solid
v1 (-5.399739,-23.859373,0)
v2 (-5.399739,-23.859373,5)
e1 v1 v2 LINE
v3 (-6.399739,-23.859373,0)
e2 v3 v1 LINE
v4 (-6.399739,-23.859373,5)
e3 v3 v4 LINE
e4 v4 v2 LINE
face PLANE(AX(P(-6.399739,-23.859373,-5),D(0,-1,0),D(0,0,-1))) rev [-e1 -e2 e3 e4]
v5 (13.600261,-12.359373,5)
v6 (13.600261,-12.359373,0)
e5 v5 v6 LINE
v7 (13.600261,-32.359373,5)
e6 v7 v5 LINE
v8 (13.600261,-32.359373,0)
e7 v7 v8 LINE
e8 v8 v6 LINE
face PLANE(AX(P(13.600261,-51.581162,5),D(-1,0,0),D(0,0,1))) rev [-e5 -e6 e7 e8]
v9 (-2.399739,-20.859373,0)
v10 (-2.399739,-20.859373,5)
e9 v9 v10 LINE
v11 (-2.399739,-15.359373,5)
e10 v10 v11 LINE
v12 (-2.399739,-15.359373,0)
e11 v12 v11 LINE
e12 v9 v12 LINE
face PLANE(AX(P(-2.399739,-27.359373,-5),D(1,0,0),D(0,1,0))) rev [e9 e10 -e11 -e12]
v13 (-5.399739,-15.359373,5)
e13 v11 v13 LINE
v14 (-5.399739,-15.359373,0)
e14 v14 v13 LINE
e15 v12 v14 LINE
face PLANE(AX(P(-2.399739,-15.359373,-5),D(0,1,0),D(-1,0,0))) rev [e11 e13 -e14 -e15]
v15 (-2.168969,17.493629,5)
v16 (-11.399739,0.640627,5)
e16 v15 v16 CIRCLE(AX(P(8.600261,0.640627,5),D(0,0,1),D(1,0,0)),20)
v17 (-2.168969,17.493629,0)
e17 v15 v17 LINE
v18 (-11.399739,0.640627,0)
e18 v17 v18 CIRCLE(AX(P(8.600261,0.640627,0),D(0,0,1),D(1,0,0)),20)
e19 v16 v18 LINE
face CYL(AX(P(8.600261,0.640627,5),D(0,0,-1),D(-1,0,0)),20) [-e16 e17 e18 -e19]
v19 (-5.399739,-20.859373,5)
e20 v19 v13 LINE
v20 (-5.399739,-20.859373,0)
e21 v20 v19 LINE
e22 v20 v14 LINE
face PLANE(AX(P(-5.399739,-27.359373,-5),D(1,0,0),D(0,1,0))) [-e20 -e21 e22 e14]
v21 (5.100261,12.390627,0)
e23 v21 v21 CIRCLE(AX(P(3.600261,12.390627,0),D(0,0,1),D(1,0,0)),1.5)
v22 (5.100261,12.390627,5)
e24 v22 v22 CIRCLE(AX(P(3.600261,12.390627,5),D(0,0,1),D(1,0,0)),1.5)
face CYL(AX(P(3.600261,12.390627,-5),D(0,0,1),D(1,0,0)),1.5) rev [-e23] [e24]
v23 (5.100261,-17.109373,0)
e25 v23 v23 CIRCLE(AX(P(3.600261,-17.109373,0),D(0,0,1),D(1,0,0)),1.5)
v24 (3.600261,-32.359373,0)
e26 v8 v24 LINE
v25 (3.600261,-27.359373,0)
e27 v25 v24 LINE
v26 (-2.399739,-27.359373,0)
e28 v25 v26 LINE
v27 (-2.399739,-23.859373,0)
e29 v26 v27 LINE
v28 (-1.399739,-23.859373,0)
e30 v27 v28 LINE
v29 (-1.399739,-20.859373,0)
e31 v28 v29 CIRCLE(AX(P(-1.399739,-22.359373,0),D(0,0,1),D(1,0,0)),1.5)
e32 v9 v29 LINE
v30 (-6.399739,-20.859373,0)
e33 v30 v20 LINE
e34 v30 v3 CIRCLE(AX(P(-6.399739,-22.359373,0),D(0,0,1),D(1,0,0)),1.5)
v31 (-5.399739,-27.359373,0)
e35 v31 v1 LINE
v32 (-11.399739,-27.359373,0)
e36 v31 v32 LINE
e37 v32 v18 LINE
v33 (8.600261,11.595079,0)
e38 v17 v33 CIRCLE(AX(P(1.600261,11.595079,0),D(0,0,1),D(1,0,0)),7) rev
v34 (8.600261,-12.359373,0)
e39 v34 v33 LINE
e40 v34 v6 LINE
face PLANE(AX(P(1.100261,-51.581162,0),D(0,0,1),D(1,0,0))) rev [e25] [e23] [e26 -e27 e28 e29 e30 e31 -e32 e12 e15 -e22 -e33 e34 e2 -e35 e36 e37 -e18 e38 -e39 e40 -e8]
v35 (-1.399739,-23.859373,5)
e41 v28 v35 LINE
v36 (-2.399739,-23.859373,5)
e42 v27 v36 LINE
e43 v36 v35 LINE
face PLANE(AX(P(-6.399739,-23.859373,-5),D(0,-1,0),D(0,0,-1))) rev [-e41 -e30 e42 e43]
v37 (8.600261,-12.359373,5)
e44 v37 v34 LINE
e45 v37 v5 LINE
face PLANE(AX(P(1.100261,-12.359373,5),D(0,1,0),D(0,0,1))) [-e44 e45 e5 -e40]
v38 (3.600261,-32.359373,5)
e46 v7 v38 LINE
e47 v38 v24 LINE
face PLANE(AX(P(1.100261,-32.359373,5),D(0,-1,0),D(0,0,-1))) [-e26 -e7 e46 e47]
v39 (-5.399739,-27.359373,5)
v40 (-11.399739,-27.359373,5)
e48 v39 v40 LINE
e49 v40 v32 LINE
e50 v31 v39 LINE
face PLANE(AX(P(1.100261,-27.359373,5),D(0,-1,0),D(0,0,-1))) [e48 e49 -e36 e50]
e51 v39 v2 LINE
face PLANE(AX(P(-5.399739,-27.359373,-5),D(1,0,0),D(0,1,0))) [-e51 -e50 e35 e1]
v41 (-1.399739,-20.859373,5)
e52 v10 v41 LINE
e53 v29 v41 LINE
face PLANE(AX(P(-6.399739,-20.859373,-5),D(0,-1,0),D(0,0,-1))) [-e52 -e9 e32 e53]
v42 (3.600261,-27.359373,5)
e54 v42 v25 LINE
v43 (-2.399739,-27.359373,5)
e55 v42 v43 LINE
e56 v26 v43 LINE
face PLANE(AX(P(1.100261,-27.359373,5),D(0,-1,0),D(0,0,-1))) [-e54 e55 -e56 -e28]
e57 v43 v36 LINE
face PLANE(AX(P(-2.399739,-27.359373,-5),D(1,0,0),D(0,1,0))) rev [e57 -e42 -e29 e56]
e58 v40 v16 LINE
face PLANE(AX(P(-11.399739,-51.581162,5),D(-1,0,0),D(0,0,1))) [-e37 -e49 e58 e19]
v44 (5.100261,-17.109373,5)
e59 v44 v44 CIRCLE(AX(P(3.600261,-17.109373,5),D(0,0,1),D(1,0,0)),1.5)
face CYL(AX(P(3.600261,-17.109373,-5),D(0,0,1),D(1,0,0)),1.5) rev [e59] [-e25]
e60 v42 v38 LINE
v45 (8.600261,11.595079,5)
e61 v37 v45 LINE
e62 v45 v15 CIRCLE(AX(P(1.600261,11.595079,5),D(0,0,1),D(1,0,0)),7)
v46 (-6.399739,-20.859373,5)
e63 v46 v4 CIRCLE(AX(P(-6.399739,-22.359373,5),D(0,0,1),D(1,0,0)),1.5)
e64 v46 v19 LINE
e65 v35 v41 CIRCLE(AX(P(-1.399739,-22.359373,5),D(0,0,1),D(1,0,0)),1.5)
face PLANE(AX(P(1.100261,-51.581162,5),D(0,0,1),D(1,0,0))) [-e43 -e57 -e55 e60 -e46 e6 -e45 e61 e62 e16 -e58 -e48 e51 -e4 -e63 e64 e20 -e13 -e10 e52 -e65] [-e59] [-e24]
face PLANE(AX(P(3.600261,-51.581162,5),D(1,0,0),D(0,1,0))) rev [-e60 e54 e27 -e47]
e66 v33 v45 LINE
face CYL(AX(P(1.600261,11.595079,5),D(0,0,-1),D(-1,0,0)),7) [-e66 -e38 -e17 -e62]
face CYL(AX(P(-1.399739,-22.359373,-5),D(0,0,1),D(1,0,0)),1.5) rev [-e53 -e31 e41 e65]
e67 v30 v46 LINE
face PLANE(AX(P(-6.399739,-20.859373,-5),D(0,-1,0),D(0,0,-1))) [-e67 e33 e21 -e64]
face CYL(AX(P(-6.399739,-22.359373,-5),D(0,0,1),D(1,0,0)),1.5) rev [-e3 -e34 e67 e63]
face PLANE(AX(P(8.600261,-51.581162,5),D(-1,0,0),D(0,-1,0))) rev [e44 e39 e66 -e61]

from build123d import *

# Parameters (mm, degrees)
BOSS_EXTRUDE1_DEPTH = 5
SKETCH2_W           = 3
SKETCH2_H           = 12
CUT_EXTRUDE1_DEPTH  = 10
FILLET1_R           = 7
SKETCH3_R           = 1.5
CUT_EXTRUDE2_DEPTH  = 10


with BuildPart() as part:
    # Sketch1 → Boss-Extrude1 (new body)
    with BuildSketch(Plane.XY):
        with BuildLine():
            Line((13.600261452, -32.359372515), (13.600261452, -12.359372515))
            Line((13.600261452, -12.359372515), (8.600261452, -12.359372515))
            Line((8.600261452, -12.359372515), (8.600261452, 20.640627485))
            ThreePointArc((8.600261452, 20.640627485), (-5.541874172, 14.782763108), (-11.399738548, 0.640627485))
            Line((-11.399738548, 0.640627485), (-11.399738548, -27.359372515))
            Line((-11.399738548, -27.359372515), (3.600261452, -27.359372515))
            Line((3.600261452, -27.359372515), (3.600261452, -32.359372515))
            Line((3.600261452, -32.359372515), (13.600261452, -32.359372515))
        make_face()
    extrude(amount=BOSS_EXTRUDE1_DEPTH)

    # Sketch2 → Cut-Extrude1 (cut)
    with BuildSketch(Plane.XY.offset(5)):
        with Locations((-3.899738548, -21.359372515)):
            Rectangle(SKETCH2_W, SKETCH2_H)
        with BuildLine():
            Line((-6.399738548, -20.859372515), (-1.399738548, -20.859372515))
            ThreePointArc((-1.399738548, -20.859372515), (0.100261452, -22.359372515), (-1.399738548, -23.859372515))
            Line((-1.399738548, -23.859372515), (-6.399738548, -23.859372515))
            ThreePointArc((-6.399738548, -23.859372515), (-7.899738548, -22.359372515), (-6.399738548, -20.859372515))
        make_face()
    extrude(amount=-CUT_EXTRUDE1_DEPTH, mode=Mode.SUBTRACT)

    # Fillet1
    fillet1_edges = [part.edges().sort_by_distance(p)[0] for p in [
        (8.600261452, 20.640627485, 2.5),
    ]]
    fillet(fillet1_edges, radius=FILLET1_R)

    # Sketch3 → Cut-Extrude2 (cut)
    with BuildSketch(Plane.XY.offset(5)):
        with Locations((3.600261452, -17.109372515)):
            Circle(SKETCH3_R)
        with Locations((3.600261452, 12.390627485)):
            Circle(SKETCH3_R)
    extrude(amount=-CUT_EXTRUDE2_DEPTH, mode=Mode.SUBTRACT)


solid = part.part
